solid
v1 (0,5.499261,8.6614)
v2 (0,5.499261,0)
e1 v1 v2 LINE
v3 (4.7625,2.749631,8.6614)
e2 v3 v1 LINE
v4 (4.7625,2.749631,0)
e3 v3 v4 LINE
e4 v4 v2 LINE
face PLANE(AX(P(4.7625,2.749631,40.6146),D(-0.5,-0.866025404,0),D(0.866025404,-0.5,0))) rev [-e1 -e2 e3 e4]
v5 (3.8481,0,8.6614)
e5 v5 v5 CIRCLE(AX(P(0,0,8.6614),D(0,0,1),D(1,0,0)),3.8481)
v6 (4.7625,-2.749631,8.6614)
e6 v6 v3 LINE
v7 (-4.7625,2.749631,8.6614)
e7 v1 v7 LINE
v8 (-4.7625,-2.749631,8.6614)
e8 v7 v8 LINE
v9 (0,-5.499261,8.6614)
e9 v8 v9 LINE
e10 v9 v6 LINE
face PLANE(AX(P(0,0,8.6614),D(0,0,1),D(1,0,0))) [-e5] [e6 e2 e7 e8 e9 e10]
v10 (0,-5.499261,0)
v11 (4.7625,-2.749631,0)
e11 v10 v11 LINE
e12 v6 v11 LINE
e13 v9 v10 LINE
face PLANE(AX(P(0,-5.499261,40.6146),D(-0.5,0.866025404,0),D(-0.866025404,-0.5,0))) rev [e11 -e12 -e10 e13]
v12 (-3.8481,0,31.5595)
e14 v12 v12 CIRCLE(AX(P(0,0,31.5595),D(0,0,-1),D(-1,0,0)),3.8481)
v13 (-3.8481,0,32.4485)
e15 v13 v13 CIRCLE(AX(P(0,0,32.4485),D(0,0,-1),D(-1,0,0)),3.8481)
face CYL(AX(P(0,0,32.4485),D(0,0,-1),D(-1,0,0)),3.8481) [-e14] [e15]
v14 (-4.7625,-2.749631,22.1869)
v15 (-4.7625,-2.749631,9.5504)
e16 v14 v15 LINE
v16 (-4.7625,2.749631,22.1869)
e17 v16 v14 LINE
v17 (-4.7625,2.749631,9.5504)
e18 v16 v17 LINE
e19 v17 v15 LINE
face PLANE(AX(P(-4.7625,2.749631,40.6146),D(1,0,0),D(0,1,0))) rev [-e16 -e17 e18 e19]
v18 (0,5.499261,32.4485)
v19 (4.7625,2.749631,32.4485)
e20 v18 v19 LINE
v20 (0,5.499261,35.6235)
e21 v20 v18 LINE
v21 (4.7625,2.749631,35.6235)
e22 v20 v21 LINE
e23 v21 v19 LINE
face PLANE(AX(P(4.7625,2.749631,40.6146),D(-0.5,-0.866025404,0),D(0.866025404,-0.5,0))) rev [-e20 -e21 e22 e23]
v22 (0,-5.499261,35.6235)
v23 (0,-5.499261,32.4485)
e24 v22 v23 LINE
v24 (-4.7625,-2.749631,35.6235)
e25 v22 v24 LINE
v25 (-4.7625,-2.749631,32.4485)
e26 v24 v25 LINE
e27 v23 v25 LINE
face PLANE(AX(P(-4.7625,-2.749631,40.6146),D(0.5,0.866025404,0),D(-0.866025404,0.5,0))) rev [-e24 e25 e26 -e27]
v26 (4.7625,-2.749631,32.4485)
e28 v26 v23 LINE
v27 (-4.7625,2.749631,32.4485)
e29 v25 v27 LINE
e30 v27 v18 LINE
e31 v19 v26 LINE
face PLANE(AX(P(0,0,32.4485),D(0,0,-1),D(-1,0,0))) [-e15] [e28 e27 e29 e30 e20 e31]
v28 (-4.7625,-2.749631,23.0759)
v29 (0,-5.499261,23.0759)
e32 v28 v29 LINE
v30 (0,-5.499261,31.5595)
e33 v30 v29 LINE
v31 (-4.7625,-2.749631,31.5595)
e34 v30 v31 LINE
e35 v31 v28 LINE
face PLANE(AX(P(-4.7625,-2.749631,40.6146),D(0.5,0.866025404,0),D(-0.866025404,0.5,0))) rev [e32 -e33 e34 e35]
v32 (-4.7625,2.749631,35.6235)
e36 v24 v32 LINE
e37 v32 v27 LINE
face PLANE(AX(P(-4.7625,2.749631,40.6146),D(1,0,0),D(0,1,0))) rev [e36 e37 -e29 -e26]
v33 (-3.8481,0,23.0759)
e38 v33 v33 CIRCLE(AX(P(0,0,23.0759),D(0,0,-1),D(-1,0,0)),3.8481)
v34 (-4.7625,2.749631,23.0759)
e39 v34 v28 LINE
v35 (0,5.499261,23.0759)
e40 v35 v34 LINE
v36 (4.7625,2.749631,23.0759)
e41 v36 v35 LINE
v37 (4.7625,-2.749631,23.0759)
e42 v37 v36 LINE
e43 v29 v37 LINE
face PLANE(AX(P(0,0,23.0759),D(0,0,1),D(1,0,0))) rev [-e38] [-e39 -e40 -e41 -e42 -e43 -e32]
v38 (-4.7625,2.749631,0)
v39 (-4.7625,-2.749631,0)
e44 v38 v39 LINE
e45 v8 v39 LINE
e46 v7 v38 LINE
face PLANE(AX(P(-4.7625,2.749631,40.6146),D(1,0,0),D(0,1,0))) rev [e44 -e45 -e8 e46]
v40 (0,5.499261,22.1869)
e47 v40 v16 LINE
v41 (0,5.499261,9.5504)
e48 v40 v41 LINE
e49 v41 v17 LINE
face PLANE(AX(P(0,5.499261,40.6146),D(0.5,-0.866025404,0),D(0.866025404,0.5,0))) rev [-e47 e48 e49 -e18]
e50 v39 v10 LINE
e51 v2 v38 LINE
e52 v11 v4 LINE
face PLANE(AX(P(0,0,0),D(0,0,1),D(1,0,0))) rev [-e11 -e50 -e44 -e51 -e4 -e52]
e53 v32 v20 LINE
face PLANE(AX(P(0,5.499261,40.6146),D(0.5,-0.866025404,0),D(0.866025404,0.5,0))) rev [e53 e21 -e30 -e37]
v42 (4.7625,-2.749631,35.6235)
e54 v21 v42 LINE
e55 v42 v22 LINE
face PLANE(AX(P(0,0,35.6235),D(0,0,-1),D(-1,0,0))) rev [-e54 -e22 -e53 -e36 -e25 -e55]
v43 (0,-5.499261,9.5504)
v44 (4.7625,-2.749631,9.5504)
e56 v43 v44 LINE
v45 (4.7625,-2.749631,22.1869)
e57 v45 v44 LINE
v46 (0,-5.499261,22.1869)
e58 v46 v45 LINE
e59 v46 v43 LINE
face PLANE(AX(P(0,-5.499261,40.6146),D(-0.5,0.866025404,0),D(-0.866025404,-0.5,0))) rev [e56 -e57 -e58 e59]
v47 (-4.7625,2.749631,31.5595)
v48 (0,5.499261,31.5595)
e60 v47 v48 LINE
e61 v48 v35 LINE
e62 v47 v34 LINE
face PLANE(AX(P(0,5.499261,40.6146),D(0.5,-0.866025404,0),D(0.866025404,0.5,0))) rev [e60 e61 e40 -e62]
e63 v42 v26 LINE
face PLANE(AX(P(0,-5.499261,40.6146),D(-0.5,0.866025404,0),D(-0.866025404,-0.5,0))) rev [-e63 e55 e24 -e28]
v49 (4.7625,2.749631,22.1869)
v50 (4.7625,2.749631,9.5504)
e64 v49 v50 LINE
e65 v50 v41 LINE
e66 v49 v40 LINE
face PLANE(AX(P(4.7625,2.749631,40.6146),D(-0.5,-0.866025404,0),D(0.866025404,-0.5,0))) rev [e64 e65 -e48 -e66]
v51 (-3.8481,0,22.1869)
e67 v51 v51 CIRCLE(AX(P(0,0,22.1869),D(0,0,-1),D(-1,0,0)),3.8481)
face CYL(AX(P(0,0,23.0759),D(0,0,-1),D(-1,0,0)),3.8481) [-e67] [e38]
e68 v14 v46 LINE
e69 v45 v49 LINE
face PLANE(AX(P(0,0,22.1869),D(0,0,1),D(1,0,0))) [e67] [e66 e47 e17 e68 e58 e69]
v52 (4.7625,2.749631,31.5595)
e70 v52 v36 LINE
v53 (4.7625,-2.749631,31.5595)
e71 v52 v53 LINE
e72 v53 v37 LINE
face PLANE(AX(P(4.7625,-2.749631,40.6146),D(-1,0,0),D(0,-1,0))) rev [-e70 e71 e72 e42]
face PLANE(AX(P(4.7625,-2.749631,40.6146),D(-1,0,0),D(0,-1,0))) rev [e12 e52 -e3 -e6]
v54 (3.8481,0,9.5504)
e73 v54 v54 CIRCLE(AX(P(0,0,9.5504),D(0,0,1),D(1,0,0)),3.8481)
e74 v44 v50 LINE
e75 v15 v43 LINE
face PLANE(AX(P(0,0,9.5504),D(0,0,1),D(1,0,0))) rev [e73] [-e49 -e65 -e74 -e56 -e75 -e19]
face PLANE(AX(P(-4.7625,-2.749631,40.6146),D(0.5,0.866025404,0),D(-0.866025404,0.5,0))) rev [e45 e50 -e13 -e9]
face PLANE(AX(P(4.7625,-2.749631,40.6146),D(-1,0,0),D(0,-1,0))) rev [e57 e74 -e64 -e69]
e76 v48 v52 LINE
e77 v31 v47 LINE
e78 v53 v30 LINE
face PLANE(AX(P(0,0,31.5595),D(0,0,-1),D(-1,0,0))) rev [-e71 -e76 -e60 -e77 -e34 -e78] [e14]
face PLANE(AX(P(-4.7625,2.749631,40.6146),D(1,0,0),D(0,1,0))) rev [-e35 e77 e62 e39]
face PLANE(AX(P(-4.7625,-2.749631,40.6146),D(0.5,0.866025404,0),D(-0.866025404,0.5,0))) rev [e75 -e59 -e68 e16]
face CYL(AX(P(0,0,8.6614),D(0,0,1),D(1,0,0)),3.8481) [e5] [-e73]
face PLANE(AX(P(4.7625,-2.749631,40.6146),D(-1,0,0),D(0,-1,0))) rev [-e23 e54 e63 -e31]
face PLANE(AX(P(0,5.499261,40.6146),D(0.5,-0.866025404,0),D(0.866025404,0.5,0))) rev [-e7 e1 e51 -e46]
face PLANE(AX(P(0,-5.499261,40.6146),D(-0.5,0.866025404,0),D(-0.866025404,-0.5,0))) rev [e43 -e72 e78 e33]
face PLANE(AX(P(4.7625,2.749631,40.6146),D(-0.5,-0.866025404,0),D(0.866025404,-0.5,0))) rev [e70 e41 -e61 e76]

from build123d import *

# Parameters (mm, degrees)
BOSS_EXTRUDE1_DEPTH = 40.6146
SKETCH5_W           = 11.10345239
SKETCH5_H           = 12.145052052
SKETCH5_R           = 3.8481
CUT_EXTRUDE2_DEPTH  = 0.4445
SKETCH10_W          = 12.002544197
SKETCH10_H          = 11.794166694
SKETCH10_R          = 3.8481
CUT_EXTRUDE7_DEPTH  = 0.4445
SKETCH9_W           = 11.366817307
SKETCH9_H           = 11.947942936
SKETCH9_R           = 3.8481
CUT_EXTRUDE6_DEPTH  = 0.4445
SKETCH11_R          = 5.745102087
CUT_EXTRUDE8_DEPTH  = 4.9911


with BuildPart() as part:
    # Sketch1 → Boss-Extrude1 (new body)
    with BuildSketch(Plane.XY):
        Polygon((0, 5.499261314), (-4.7625, 2.749630657), (-4.7625, -2.749630657), (0, -5.499261314), (4.7625, -2.749630657), (4.7625, 2.749630657), align=None)
    extrude(amount=BOSS_EXTRUDE1_DEPTH)

    # Sketch5 → Cut-Extrude2 (cut, symmetric)
    with BuildSketch(Plane(origin=(0, 0, 22.6314), x_dir=(-1, 0, 0), z_dir=(0, 0, -1))):
        with Locations((-0.378227241, -0.09440181)):
            Rectangle(SKETCH5_W, SKETCH5_H)
        Circle(SKETCH5_R, mode=Mode.SUBTRACT)
    extrude(amount=CUT_EXTRUDE2_DEPTH, both=True, mode=Mode.SUBTRACT)

    # Sketch10 → Cut-Extrude7 (cut, symmetric)
    with BuildSketch(Plane(origin=(0, 0, 32.004), x_dir=(-1, 0, 0), z_dir=(0, 0, -1))):
        with Locations((-0.081621529, -0.253464989)):
            Rectangle(SKETCH10_W, SKETCH10_H)
        Circle(SKETCH10_R, mode=Mode.SUBTRACT)
    extrude(amount=CUT_EXTRUDE7_DEPTH, both=True, mode=Mode.SUBTRACT)

    # Sketch9 → Cut-Extrude6 (cut, symmetric)
    with BuildSketch(Plane.XY.offset(9.1059)):
        with Locations((0.130537015, 0.158516672)):
            Rectangle(SKETCH9_W, SKETCH9_H)
        Circle(SKETCH9_R, mode=Mode.SUBTRACT)
    extrude(amount=CUT_EXTRUDE6_DEPTH, both=True, mode=Mode.SUBTRACT)

    # Sketch11 → Cut-Extrude8 (cut)
    with BuildSketch(Plane.XY.offset(40.6146)):
        Circle(SKETCH11_R)
    extrude(amount=-CUT_EXTRUDE8_DEPTH, mode=Mode.SUBTRACT)


solid = part.part
